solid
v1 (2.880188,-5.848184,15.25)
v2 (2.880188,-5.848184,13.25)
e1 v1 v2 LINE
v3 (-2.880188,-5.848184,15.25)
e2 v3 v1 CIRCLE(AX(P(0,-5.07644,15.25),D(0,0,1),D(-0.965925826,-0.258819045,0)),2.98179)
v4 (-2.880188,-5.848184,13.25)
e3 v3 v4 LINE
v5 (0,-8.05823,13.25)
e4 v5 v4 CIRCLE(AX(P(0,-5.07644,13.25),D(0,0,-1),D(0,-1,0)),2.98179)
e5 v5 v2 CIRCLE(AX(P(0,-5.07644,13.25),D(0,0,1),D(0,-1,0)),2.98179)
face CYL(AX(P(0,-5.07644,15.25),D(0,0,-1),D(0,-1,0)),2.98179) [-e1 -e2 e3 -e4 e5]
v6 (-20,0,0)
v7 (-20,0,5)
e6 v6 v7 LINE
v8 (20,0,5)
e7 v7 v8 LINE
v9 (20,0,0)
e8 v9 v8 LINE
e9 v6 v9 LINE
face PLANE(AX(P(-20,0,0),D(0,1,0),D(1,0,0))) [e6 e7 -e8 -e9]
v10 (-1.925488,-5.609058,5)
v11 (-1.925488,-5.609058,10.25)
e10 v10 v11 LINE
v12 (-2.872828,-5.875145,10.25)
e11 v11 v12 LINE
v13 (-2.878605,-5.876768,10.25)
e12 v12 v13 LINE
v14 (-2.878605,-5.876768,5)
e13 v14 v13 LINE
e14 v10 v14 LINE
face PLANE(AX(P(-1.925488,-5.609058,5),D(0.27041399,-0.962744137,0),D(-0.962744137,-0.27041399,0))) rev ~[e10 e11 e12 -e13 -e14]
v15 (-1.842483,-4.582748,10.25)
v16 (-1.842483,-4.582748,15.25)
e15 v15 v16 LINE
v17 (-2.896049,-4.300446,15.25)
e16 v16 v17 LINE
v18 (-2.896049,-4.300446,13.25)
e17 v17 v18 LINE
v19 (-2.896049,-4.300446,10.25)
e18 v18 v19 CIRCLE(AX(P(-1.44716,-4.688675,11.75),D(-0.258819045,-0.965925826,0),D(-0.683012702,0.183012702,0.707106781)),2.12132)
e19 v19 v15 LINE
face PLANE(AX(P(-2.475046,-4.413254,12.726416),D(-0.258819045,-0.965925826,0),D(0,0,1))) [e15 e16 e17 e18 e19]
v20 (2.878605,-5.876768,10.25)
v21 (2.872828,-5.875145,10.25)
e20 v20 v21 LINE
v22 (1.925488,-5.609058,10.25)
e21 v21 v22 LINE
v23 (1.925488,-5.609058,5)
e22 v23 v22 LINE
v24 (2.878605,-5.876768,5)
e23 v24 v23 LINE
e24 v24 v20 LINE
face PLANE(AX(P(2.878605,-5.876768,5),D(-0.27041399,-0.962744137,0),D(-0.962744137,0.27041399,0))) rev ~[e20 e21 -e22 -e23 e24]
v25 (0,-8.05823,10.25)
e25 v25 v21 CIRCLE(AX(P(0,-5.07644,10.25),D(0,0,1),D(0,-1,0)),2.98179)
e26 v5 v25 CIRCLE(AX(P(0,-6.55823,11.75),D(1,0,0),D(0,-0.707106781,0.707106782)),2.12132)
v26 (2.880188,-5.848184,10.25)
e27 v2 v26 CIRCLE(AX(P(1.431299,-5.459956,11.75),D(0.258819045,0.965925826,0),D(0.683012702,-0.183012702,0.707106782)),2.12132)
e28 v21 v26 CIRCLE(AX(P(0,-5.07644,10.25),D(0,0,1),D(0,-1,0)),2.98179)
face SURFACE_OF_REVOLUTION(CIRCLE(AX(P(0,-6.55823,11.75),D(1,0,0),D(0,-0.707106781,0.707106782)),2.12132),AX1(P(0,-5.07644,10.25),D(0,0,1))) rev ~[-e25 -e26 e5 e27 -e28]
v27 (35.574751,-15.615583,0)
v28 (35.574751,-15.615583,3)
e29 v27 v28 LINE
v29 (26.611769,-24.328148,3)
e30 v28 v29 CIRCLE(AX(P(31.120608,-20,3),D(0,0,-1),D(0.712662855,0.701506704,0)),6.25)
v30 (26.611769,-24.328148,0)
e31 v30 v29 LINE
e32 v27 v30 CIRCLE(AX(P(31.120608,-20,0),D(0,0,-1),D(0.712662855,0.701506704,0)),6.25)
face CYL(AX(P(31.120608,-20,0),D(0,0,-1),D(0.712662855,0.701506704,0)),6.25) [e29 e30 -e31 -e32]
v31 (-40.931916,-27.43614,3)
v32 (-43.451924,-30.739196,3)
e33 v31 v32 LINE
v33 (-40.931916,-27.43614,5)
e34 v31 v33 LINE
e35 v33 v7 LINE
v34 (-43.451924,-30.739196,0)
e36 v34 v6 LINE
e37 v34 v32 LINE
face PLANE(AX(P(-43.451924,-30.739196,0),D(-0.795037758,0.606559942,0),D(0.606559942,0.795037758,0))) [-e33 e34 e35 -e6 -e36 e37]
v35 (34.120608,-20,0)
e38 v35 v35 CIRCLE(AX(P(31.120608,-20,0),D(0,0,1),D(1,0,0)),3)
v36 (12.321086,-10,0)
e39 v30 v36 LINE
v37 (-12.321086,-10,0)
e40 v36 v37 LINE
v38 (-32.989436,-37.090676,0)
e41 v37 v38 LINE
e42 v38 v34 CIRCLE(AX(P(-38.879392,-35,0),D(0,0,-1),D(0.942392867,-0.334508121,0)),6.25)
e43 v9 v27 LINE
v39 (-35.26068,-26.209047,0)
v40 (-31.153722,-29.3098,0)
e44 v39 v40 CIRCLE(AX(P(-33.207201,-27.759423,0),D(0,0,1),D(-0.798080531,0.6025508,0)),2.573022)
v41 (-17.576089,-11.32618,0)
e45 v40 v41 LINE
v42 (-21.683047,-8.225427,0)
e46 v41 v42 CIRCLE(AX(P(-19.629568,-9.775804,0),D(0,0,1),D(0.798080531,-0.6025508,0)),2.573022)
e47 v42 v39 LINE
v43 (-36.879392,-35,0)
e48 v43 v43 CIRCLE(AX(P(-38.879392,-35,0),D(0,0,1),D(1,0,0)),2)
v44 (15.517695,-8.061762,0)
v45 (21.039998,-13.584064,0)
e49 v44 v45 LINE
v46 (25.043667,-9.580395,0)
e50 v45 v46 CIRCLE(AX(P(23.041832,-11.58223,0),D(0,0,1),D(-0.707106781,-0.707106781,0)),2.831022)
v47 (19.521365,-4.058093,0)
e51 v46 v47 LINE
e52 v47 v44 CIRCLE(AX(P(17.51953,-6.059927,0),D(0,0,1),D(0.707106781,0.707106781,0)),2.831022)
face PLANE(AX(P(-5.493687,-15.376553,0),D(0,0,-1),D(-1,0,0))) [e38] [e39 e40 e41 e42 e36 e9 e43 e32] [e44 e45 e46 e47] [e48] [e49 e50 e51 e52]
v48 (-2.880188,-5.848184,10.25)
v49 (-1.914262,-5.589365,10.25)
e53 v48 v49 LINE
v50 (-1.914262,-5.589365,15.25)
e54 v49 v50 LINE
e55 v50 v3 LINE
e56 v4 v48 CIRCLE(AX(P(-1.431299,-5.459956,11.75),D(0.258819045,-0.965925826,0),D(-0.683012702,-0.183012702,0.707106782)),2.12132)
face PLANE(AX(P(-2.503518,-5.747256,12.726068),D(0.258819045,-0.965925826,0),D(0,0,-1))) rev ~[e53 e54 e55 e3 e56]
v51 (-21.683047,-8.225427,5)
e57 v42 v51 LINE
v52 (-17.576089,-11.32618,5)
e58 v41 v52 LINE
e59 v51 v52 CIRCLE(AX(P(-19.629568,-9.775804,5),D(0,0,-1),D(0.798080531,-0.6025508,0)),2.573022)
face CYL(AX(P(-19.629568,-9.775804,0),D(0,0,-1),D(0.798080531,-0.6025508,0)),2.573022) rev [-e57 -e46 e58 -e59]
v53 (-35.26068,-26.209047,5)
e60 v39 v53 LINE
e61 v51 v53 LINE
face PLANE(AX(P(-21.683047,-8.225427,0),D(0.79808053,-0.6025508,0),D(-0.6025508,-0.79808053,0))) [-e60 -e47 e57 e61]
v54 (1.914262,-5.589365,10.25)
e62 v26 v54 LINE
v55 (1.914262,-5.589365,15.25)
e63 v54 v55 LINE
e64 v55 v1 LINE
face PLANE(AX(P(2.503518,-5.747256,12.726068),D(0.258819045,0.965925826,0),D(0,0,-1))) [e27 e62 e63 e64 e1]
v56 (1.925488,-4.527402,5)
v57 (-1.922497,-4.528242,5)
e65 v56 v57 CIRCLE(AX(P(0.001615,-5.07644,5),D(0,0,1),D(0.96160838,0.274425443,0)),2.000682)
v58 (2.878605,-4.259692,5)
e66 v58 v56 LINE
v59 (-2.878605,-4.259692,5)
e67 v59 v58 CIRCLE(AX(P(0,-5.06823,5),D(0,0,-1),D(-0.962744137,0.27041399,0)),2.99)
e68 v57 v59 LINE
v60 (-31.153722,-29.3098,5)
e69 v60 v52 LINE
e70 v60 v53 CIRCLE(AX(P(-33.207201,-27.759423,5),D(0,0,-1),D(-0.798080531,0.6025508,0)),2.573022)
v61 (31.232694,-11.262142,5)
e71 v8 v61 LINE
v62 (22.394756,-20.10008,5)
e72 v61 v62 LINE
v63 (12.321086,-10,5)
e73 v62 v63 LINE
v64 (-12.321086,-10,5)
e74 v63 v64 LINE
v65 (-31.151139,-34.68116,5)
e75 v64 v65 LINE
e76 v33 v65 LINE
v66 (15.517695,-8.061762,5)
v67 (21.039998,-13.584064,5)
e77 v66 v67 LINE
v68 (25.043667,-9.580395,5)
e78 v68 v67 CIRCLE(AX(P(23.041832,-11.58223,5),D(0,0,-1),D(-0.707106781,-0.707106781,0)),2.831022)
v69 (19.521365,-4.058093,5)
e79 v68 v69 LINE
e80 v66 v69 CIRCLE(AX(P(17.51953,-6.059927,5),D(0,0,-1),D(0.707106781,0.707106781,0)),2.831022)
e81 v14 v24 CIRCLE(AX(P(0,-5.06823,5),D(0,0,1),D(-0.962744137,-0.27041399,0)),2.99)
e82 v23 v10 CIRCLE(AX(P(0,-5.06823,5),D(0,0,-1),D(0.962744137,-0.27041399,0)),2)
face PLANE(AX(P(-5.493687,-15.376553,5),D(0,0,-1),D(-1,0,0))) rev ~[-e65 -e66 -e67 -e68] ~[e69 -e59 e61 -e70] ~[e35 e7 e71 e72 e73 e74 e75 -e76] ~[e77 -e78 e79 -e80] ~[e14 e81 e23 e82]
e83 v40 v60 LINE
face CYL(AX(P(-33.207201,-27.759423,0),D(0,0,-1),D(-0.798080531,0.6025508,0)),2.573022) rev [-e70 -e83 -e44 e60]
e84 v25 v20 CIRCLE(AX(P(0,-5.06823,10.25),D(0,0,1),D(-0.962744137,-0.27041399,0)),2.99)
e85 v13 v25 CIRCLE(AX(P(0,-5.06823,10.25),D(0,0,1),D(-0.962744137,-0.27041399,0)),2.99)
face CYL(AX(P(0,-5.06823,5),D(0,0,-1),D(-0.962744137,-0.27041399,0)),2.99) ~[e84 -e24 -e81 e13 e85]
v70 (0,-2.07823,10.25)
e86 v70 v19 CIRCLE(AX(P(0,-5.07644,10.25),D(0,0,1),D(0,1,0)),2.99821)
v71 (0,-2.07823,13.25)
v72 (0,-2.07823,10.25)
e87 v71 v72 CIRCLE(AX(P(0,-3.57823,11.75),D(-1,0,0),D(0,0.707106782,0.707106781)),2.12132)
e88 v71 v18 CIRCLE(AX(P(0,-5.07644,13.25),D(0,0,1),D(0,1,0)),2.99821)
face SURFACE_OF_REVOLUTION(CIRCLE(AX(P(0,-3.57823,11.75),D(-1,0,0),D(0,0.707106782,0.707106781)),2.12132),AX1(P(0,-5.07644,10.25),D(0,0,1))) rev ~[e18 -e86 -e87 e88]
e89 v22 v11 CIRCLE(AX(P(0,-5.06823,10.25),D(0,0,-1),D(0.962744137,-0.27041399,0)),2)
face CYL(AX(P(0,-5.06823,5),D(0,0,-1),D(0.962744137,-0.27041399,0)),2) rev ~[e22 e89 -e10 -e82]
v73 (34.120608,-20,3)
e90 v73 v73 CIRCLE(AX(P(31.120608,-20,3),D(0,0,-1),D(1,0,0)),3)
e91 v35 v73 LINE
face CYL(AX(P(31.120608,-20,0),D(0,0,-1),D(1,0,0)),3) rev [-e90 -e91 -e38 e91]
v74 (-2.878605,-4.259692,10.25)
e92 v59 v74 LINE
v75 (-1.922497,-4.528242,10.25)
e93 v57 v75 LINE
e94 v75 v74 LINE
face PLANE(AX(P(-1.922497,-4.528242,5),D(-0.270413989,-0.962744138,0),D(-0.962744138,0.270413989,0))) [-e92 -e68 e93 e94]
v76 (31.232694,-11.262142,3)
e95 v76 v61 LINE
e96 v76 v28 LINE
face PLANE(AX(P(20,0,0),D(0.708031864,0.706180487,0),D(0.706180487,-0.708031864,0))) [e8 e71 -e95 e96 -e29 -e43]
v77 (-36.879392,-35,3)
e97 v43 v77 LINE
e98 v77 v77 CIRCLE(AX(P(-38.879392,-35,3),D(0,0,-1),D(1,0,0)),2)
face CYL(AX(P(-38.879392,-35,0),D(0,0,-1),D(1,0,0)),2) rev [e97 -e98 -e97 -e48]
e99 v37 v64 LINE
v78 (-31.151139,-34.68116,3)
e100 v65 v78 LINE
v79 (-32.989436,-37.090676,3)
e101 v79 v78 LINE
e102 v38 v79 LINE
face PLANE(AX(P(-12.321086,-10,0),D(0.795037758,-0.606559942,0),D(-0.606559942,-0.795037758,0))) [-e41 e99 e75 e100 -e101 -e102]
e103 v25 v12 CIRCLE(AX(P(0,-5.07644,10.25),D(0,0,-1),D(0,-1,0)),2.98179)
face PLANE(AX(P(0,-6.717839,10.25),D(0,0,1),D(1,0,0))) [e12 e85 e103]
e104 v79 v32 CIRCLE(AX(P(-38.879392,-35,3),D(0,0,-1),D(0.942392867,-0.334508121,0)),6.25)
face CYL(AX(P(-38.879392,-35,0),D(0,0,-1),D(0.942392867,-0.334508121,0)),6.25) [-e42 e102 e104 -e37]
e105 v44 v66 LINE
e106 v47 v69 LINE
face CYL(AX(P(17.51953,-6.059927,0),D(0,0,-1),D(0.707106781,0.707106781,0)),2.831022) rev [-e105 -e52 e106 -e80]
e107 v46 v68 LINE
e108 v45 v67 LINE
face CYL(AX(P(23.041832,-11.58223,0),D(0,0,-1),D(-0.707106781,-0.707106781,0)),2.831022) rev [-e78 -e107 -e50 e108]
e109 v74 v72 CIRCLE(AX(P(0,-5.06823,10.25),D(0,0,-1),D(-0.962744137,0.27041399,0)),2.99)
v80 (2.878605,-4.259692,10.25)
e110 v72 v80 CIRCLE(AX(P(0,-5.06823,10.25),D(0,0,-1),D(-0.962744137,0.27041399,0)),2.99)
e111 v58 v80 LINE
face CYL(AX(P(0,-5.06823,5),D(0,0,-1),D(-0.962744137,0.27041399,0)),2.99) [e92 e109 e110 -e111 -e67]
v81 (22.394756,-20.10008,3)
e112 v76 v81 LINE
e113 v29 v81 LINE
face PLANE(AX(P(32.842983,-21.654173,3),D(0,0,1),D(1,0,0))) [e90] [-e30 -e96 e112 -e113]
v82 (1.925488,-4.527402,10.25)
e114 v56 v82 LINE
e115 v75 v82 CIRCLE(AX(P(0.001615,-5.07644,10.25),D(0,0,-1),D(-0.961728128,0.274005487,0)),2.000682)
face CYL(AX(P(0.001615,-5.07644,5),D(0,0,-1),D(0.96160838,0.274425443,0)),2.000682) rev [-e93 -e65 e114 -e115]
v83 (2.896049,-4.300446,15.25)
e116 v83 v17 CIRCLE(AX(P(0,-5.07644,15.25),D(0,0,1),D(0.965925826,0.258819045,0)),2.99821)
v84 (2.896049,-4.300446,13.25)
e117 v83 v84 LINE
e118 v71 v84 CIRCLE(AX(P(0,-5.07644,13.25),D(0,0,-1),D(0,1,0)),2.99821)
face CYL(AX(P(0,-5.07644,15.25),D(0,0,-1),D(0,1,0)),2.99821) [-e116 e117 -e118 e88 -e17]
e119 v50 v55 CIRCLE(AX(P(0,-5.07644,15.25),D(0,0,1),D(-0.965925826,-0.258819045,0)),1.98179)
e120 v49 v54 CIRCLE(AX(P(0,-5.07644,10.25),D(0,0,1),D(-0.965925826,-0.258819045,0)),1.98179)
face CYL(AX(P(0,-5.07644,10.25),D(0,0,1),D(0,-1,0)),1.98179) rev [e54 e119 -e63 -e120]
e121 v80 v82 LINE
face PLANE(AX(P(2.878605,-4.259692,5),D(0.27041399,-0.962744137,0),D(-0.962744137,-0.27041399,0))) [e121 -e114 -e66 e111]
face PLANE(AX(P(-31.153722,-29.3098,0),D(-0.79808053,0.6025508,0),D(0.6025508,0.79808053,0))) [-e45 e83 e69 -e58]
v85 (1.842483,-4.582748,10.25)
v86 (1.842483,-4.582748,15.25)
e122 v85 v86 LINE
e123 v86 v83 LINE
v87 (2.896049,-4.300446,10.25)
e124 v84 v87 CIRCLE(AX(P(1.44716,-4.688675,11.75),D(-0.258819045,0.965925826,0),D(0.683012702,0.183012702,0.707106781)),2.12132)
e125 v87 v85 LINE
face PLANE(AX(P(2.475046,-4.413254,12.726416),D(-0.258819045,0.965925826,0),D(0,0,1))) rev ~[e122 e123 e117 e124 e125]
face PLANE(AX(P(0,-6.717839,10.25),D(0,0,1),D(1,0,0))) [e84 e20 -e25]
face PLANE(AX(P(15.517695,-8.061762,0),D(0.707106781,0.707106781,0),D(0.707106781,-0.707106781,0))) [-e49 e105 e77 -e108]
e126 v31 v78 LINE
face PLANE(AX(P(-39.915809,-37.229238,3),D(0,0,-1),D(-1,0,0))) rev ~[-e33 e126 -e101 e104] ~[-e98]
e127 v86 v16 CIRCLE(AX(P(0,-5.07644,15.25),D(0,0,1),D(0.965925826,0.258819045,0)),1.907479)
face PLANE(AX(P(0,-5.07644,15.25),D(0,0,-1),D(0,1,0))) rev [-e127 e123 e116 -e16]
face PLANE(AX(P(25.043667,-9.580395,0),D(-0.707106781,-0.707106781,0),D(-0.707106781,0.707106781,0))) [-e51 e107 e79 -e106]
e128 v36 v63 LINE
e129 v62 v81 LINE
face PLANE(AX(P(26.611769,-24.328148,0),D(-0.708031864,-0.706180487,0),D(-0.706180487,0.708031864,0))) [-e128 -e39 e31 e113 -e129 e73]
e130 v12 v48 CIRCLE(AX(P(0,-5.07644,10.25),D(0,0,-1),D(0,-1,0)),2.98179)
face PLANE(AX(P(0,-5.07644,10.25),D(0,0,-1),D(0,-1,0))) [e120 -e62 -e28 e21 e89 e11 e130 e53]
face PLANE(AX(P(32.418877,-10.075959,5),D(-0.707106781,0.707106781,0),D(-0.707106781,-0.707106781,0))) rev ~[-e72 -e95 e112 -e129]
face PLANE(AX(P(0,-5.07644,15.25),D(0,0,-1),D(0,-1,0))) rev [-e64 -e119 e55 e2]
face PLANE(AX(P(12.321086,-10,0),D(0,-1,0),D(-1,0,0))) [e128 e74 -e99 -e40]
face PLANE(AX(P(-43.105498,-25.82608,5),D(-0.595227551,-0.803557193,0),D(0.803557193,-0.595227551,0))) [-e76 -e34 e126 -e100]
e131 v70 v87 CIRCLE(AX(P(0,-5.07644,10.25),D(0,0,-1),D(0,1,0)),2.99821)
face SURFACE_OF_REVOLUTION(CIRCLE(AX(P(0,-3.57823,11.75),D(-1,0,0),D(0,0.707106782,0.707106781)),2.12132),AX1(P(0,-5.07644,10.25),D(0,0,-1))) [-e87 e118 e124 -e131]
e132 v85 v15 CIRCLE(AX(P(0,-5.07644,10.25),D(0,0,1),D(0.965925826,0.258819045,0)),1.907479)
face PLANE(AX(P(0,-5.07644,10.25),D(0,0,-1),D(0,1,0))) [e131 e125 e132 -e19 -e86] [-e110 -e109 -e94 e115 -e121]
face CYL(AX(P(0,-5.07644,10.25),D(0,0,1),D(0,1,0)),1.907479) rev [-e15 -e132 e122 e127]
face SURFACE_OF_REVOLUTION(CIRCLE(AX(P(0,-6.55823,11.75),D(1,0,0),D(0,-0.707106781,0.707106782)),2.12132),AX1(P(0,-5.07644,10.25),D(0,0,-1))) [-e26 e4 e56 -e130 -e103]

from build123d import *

# Parameters (mm, degrees)
SZKIC1_R                    = 2
SZKIC1_R_2                  = 3
DODANIE_WYCI_GNI_CIE1_DEPTH = 5
WYTNIJ_WYCI_GNI_CIE2_DEPTH  = 10
WYTNIJ_WYCI_GNI_CIE4_DEPTH  = 10
DODANIE_WYCI_GNI_CIE2_DEPTH = 5.25
OBR_T1_ANGLE                = 75
OBR_T1_OTHER_WAY_ANGLE      = 75
OBR_T2_ANGLE                = 75
OBR_T2_OTHER_WAY_ANGLE      = 75
WYTNIJ_WYCI_GNI_CIE5_DEPTH  = 2


with BuildPart() as part:
    # Szkic1 → Dodanie-wyciągnięcie1 (new body)
    with BuildSketch(Plane.XY):
        with BuildLine():
            Line((-20, 0), (20, 0))
            Line((20, 0), (35.574751144, -15.6155831))
            ThreePointArc((35.574751144, -15.6155831), (35.476976606, -24.481579544), (26.61176868, -24.328148016))
            Line((26.61176868, -24.328148016), (12.321086207, -10))
            Line((12.321086207, -10), (-12.321086207, -10))
            Line((-12.321086207, -10), (-32.989436275, -37.090675759))
            ThreePointArc((-32.989436275, -37.090675759), (-42.12272692, -40.342590816), (-43.451924108, -30.739196396))
            Line((-43.451924108, -30.739196396), (-20, 0))
        make_face()
        with Locations((-38.879391697, -35)):
            Circle(SZKIC1_R, mode=Mode.SUBTRACT)
        with Locations((31.120608303, -20)):
            Circle(SZKIC1_R_2, mode=Mode.SUBTRACT)
    extrude(amount=DODANIE_WYCI_GNI_CIE1_DEPTH)

    # Szkic3 → Wytnij-wyciągnięcie2 (cut)
    with BuildSketch(Plane(origin=(0, 0, 0), x_dir=(-1, 0, 0), z_dir=(0, 0, -1))):
        with BuildLine():
            Line((21.683047095, -8.225427037), (35.260679995, -26.209046772))
            ThreePointArc((35.260679995, -26.209046772), (34.75757763, -29.812902485), (31.153721917, -29.309800121))
            Line((31.153721917, -29.309800121), (17.576089017, -11.326180386))
            ThreePointArc((17.576089017, -11.326180386), (18.079191382, -7.722324673), (21.683047095, -8.225427037))
        make_face()
    extrude(amount=-WYTNIJ_WYCI_GNI_CIE2_DEPTH, mode=Mode.SUBTRACT)

    # Szkic4 → Wytnij-wyciągnięcie4 (cut)
    with BuildSketch(Plane(origin=(0, 0, 0), x_dir=(-1, 0, 0), z_dir=(0, 0, -1))):
        with BuildLine():
            Line((-15.517695436, -8.06176207), (-21.039997823, -13.584064457))
            ThreePointArc((-21.039997823, -13.584064457), (-25.043667053, -13.584064457), (-25.043667053, -9.580395227))
            Line((-25.043667053, -9.580395227), (-19.521364667, -4.05809284))
            ThreePointArc((-19.521364667, -4.05809284), (-15.517695436, -4.05809284), (-15.517695436, -8.06176207))
        make_face()
    extrude(amount=-WYTNIJ_WYCI_GNI_CIE4_DEPTH, mode=Mode.SUBTRACT)

    # Szkic5 → Dodanie-wyciągnięcie2 (add)
    with BuildSketch(Plane.XY.offset(5)):
        with BuildLine():
            Line((-1.922496946, -4.528242282), (-2.878604971, -4.259692233))
            ThreePointArc((-2.878604971, -4.259692233), (0, -2.078230062), (2.878604971, -4.259692233))
            Line((2.878604971, -4.259692233), (1.925488275, -4.527402083))
            ThreePointArc((1.925488275, -4.527402083), (0.001178609, -3.075757991), (-1.922496946, -4.528242282))
        make_face()
        with BuildLine():
            Line((-1.925488275, -5.609058042), (-2.878604971, -5.876767892))
            ThreePointArc((-2.878604971, -5.876767892), (0, -8.058230062), (2.878604971, -5.876767892))
            Line((2.878604971, -5.876767892), (1.925488275, -5.609058042))
            ThreePointArc((1.925488275, -5.609058042), (0, -7.068230062), (-1.925488275, -5.609058042))
        make_face()
    extrude(amount=DODANIE_WYCI_GNI_CIE2_DEPTH)

    # Szkic6 → Obrót1 (revolve)
    with BuildSketch(Plane(origin=(0, 0, 0), x_dir=(0, 0, -1), z_dir=(1, 0, 0))):
        with BuildLine():
            Line((-10.25, -2.078230062), (-10.25, -3.168961147))
            Line((-10.25, -3.168961147), (-13.25, -3.168961147))
            Line((-13.25, -3.168961147), (-15.25, -3.168961147))
            Line((-15.25, -3.168961147), (-15.25, -2.078230062))
            Line((-15.25, -2.078230062), (-13.25, -2.078230062))
            ThreePointArc((-13.25, -2.078230062), (-11.75, -1.456909719), (-10.25, -2.078230062))
        make_face()
    revolve(axis=Axis((0, -5.076440198, 10.25), (0, 0, 1)), revolution_arc=OBR_T1_ANGLE)

    # Szkic6 → Obrót1 other way (revolve)
    with BuildSketch(Plane(origin=(0, 0, 0), x_dir=(0, 0, -1), z_dir=(1, 0, 0))):
        with BuildLine():
            Line((-10.25, -2.078230062), (-10.25, -3.168961147))
            Line((-10.25, -3.168961147), (-13.25, -3.168961147))
            Line((-13.25, -3.168961147), (-15.25, -3.168961147))
            Line((-15.25, -3.168961147), (-15.25, -2.078230062))
            Line((-15.25, -2.078230062), (-13.25, -2.078230062))
            ThreePointArc((-13.25, -2.078230062), (-11.75, -1.456909719), (-10.25, -2.078230062))
        make_face()
    revolve(axis=Axis((0, -5.076440198, 10.25), (0, 0, -1)), revolution_arc=OBR_T1_OTHER_WAY_ANGLE)

    # Szkic7 → Obrót2 (revolve)
    with BuildSketch(Plane(origin=(0, 0, 0), x_dir=(0, 0, -1), z_dir=(1, 0, 0))):
        with BuildLine():
            Line((-10.25, -8.058230062), (-10.25, -7.058230062))
            Line((-10.25, -7.058230062), (-13.25, -7.058230062))
            Line((-13.25, -7.058230062), (-15.25, -7.058230062))
            Line((-15.25, -7.058230062), (-15.25, -8.058230062))
            Line((-15.25, -8.058230062), (-13.25, -8.058230062))
            ThreePointArc((-13.25, -8.058230062), (-11.75, -8.679550406), (-10.25, -8.058230062))
        make_face()
    revolve(axis=Axis((0, -5.076440198, 10.25), (0, 0, 1)), revolution_arc=OBR_T2_ANGLE)

    # Szkic7 → Obrót2 other way (revolve)
    with BuildSketch(Plane(origin=(0, 0, 0), x_dir=(0, 0, -1), z_dir=(1, 0, 0))):
        with BuildLine():
            Line((-10.25, -8.058230062), (-10.25, -7.058230062))
            Line((-10.25, -7.058230062), (-13.25, -7.058230062))
            Line((-13.25, -7.058230062), (-15.25, -7.058230062))
            Line((-15.25, -7.058230062), (-15.25, -8.058230062))
            Line((-15.25, -8.058230062), (-13.25, -8.058230062))
            ThreePointArc((-13.25, -8.058230062), (-11.75, -8.679550406), (-10.25, -8.058230062))
        make_face()
    revolve(axis=Axis((0, -5.076440198, 10.25), (0, 0, -1)), revolution_arc=OBR_T2_OTHER_WAY_ANGLE)

    # Szkic8 → Wytnij-wyciągnięcie5 (cut)
    with BuildSketch(Plane.XY.offset(5)):
        Polygon((32.418877384, -10.075958781), (21.264768771, -21.230067395), (33.267088147, -33.232386771), (44.42119676, -22.078278157), align=None)
        Polygon((-43.105497635, -25.826079918), (-28.078060253, -36.957515017), (-36.726120492, -48.63239634), (-51.753557875, -37.500961242), align=None)
    extrude(amount=-WYTNIJ_WYCI_GNI_CIE5_DEPTH, mode=Mode.SUBTRACT)


solid = part.part
